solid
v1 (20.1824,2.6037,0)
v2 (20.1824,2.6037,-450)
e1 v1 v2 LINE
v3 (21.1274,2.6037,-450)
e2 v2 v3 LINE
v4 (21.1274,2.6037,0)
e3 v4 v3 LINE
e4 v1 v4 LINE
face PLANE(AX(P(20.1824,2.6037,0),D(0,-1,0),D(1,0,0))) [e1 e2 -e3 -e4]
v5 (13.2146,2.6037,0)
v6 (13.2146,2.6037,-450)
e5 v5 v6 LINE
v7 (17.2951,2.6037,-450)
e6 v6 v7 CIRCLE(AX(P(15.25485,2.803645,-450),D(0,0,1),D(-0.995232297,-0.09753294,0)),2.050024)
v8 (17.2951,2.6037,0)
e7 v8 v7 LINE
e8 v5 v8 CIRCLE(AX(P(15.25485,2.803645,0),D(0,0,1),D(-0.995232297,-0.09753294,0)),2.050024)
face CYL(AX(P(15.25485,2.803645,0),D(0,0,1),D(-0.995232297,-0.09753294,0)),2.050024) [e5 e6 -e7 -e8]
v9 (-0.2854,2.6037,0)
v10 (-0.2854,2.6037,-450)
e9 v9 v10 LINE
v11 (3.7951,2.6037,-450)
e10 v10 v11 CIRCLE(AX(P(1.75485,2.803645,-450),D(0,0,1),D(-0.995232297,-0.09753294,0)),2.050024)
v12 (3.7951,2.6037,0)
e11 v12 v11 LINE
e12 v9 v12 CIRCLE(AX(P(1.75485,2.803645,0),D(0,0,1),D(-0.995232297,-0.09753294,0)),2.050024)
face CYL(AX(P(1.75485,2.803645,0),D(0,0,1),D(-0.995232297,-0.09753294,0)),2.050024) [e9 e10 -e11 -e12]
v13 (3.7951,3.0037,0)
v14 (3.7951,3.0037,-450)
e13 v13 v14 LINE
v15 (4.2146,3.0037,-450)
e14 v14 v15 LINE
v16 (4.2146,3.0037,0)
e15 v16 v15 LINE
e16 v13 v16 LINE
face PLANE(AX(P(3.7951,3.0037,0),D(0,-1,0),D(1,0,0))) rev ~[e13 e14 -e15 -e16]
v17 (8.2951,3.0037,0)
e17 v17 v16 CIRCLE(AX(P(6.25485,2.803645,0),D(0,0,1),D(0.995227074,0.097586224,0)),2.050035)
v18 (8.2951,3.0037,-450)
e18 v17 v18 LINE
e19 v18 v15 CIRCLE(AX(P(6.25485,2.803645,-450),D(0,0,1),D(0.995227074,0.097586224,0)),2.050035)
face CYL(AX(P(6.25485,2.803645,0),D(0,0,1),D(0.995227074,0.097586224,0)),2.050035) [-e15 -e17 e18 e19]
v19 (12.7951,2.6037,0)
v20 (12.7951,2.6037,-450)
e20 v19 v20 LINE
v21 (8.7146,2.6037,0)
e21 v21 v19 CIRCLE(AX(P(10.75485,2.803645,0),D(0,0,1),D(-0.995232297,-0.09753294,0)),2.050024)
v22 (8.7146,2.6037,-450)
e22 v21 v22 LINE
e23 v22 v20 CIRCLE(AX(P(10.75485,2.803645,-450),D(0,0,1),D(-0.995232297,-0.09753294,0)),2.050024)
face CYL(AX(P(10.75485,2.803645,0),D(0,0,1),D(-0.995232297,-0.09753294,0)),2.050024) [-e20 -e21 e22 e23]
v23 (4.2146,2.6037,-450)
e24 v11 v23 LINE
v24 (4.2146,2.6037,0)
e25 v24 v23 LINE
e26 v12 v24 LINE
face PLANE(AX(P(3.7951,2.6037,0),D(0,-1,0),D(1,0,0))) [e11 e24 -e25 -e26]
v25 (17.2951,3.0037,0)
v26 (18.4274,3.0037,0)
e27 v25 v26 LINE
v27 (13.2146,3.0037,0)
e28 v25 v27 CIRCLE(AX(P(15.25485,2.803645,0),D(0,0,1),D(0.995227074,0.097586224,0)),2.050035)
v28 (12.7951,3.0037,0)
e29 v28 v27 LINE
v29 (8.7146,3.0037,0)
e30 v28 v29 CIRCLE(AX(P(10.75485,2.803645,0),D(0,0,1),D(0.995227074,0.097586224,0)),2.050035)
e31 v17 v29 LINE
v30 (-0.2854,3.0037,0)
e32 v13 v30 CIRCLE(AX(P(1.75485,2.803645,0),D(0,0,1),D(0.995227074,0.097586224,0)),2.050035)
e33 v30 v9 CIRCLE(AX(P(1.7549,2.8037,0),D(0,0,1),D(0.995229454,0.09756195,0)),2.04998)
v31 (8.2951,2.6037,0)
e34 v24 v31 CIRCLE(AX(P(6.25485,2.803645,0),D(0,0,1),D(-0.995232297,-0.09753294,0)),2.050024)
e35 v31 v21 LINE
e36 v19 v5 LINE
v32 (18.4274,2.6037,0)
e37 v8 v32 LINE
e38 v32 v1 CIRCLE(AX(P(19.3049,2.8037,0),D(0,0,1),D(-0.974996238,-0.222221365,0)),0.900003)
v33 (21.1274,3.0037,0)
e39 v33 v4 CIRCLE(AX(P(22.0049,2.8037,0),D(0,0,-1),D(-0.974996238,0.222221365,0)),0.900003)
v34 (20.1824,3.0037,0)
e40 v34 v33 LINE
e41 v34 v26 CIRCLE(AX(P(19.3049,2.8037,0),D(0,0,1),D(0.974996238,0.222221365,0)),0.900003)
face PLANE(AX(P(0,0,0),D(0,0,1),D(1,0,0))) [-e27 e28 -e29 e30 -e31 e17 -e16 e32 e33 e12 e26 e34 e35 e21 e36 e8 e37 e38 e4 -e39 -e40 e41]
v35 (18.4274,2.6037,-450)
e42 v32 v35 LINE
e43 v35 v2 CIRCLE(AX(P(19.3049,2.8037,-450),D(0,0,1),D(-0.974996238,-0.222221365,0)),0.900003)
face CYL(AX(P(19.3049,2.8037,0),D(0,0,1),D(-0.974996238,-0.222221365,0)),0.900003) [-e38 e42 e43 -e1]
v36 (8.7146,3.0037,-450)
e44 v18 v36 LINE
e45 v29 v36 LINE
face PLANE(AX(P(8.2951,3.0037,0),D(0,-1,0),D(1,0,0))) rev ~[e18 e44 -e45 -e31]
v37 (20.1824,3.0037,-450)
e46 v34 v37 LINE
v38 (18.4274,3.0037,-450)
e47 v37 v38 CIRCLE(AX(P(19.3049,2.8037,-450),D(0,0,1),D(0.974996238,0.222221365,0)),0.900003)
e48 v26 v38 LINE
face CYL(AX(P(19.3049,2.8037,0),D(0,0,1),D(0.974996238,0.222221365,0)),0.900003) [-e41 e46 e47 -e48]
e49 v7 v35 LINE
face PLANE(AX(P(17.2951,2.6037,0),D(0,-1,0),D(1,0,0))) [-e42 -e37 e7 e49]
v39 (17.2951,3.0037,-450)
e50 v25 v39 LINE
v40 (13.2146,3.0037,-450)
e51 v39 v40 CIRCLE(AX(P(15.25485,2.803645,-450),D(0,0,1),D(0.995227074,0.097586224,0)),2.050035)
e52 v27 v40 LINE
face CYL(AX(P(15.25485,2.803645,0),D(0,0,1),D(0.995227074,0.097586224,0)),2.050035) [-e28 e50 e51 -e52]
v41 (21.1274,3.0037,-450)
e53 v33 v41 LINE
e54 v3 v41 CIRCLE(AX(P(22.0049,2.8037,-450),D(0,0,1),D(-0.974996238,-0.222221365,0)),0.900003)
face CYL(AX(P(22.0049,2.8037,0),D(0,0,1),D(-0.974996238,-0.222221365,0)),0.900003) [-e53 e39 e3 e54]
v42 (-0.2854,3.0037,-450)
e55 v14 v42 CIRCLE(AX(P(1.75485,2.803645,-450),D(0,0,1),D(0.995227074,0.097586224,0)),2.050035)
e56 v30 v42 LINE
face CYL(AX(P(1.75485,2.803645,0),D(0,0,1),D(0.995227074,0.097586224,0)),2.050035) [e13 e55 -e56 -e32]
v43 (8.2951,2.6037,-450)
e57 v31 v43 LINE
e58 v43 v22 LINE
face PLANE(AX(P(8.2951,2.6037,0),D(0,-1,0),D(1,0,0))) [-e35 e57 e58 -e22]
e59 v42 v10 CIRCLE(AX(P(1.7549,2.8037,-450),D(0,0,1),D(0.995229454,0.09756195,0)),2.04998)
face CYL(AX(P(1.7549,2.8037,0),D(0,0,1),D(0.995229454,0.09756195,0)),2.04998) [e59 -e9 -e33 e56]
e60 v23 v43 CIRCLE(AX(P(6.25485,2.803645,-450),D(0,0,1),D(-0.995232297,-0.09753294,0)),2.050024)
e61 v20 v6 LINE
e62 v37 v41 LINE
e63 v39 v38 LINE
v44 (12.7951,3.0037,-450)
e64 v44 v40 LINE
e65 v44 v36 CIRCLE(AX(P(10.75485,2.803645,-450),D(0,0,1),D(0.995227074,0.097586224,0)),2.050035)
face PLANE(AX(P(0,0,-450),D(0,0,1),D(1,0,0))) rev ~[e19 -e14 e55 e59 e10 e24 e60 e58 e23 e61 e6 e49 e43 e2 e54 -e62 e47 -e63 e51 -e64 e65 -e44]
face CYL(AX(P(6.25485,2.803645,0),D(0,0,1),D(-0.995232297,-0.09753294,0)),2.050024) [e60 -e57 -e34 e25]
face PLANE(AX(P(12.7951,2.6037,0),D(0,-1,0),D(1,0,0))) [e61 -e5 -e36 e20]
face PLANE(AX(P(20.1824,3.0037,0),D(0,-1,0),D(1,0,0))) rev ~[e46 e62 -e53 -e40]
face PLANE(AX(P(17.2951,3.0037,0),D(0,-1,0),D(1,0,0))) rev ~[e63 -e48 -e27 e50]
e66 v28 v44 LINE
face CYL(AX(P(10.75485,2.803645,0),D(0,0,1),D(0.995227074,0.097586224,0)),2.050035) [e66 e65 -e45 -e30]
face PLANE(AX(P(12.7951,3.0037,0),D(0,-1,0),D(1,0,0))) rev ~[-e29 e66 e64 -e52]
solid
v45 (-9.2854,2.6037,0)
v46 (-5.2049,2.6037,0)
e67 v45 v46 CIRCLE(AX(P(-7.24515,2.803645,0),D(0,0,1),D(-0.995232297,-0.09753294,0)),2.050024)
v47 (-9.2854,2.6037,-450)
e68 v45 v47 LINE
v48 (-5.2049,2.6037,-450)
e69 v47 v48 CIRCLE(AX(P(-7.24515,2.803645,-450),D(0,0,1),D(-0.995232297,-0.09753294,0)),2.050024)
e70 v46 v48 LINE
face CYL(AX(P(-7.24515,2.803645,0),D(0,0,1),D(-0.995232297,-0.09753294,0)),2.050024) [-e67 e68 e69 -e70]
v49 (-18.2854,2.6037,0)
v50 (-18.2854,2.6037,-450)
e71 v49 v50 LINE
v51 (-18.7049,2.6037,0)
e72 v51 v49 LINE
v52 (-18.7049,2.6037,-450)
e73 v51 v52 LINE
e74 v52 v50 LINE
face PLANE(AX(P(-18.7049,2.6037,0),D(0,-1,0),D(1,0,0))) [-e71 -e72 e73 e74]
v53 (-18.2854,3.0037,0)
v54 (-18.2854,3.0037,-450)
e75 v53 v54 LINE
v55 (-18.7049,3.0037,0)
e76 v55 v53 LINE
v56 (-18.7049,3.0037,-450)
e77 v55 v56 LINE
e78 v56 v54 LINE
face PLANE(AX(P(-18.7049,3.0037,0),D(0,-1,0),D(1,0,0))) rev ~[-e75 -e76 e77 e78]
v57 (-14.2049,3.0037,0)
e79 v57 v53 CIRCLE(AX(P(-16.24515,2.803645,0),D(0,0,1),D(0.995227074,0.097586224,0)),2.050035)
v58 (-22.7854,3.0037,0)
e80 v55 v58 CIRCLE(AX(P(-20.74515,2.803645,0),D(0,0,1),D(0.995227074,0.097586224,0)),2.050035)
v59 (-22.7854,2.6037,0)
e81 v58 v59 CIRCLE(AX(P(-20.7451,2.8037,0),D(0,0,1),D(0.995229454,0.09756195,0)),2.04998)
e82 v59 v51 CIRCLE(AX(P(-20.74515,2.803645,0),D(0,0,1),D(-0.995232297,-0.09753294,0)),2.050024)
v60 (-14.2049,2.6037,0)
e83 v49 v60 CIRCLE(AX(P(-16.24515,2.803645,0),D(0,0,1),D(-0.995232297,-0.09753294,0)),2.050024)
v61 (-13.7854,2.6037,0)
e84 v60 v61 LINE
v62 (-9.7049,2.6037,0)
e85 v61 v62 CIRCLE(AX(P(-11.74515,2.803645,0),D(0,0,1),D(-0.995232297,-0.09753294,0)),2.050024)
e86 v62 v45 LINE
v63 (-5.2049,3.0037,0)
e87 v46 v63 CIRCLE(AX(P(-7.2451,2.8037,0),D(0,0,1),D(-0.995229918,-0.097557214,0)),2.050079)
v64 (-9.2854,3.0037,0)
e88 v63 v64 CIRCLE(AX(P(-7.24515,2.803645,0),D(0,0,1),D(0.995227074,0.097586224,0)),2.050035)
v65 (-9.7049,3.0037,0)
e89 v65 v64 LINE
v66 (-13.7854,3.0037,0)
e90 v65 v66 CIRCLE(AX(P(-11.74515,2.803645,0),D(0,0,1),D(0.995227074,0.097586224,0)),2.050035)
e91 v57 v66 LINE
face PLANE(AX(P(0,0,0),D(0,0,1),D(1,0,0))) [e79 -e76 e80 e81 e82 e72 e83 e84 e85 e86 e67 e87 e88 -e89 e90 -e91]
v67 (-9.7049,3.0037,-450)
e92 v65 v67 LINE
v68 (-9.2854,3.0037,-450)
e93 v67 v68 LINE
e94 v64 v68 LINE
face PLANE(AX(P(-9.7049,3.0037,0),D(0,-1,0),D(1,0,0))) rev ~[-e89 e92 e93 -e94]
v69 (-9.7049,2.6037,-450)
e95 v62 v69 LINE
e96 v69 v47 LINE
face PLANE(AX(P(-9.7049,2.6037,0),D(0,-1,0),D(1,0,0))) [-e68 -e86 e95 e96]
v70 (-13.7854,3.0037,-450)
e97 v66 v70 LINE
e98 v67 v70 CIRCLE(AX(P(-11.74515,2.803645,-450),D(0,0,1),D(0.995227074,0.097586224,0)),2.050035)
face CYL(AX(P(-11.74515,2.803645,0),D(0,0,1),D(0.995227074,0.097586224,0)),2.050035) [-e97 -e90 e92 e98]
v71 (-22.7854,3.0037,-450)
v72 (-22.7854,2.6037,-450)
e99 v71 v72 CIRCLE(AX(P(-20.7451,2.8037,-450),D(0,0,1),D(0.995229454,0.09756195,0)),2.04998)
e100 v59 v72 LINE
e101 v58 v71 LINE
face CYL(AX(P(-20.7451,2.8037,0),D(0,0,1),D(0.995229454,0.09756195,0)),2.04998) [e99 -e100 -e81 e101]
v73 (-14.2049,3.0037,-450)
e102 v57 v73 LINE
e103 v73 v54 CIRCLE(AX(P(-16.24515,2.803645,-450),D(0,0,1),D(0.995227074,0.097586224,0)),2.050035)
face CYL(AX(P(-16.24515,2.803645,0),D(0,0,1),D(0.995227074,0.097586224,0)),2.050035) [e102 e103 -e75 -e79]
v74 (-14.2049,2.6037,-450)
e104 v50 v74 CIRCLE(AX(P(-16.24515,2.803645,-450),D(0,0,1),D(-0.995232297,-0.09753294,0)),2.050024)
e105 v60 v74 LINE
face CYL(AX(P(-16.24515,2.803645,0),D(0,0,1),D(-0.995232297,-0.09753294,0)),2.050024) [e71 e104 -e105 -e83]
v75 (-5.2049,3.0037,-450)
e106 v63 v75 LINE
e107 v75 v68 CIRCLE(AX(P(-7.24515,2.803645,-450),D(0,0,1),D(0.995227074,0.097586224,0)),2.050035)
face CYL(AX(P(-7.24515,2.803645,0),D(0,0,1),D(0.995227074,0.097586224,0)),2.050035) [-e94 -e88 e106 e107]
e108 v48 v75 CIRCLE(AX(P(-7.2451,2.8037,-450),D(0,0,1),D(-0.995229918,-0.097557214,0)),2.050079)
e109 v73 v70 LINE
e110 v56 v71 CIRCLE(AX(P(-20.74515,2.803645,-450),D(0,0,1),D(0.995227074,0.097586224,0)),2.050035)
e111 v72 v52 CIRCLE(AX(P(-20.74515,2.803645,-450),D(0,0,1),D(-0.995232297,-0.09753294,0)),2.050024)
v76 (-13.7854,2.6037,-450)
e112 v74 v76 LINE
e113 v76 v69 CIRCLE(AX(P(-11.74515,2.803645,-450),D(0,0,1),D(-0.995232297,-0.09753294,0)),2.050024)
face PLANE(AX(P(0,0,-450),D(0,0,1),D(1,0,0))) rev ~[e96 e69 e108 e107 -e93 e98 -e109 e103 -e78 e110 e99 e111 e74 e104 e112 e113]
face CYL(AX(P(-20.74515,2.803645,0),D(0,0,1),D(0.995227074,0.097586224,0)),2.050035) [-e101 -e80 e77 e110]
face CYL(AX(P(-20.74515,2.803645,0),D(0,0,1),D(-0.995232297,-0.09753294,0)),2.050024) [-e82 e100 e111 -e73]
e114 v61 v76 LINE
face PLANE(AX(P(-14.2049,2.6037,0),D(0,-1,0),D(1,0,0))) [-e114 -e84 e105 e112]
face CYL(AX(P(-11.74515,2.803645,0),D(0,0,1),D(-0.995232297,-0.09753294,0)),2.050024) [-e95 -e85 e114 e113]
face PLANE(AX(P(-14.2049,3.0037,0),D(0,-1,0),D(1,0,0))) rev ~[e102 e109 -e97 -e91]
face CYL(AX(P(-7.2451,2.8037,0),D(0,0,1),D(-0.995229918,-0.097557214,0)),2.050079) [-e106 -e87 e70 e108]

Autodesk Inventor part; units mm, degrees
ref_plane "YZ Plane" through (0, 0, 0) normal (1, 0, 0) x (0, 1, 0)
ref_plane "XZ Plane" through (0, 0, 0) normal (0, 1, 0) x (-1, 0, 0)
sketch "Sketch1" plane through (0, 0, 0) normal (0, 0, 1) x (1, 0, 0)
  line L0 (34.8824, 2.8037) -> (34.8824, -2.1963) projected
  line L1 (28.8824, 2.8037) -> (34.8824, 2.8037) projected
  line L2 (28.8824, 2.6037) -> (28.8824, 2.8037) projected
  line L3 (22.8824, 2.6037) -> (28.8824, 2.6037) projected
  arc A0 (21.1274, 2.6037) -> (22.8824, 2.6037) centre (22.0049, 2.8037) ccw projected
  line L4 (20.1824, 2.6037) -> (21.1274, 2.6037) projected
  arc A1 (18.4274, 2.6037) -> (20.1824, 2.6037) centre (19.3049, 2.8037) ccw projected
  line L5 (17.2951, 2.6037) -> (18.4274, 2.6037) projected
  arc A2 (13.2146, 2.6037) -> (17.2951, 2.6037) centre (15.2549, 2.8037) ccw projected
  line L6 (12.7951, 2.6037) -> (13.2146, 2.6037) projected
  arc A3 (8.7146, 2.6037) -> (12.7951, 2.6037) centre (10.7549, 2.8037) ccw projected
  line L7 (8.2951, 2.6037) -> (8.7146, 2.6037) projected
  arc A4 (4.2146, 2.6037) -> (8.2951, 2.6037) centre (6.2549, 2.8037) ccw projected
  line L8 (3.7951, 2.6037) -> (4.2146, 2.6037) projected
  arc A5 (-0.2854, 2.6037) -> (3.7951, 2.6037) centre (1.7549, 2.8037) ccw projected
  line L9 (-5.2049, 2.6037) -> (-0.2854, 2.6037) projected
  arc A6 (-9.2854, 2.6037) -> (-5.2049, 2.6037) centre (-7.2451, 2.8037) ccw projected
  line L10 (-9.7049, 2.6037) -> (-9.2854, 2.6037) projected
  arc A7 (-13.7854, 2.6037) -> (-9.7049, 2.6037) centre (-11.7451, 2.8037) ccw projected
  line L11 (-14.2049, 2.6037) -> (-13.7854, 2.6037) projected
  arc A8 (-18.2854, 2.6037) -> (-14.2049, 2.6037) centre (-16.2451, 2.8037) ccw projected
  line L12 (-18.7049, 2.6037) -> (-18.2854, 2.6037) projected
  arc A9 (-22.7854, 2.6037) -> (-18.7049, 2.6037) centre (-20.7451, 2.8037) ccw projected
  line L13 (-28.7854, 2.6037) -> (-22.7854, 2.6037) projected
  line L14 (-28.7854, 2.8037) -> (-28.7854, 2.6037) projected
  line L15 (-34.7854, 2.8037) -> (-28.7854, 2.8037) projected
  line L16 (-34.7854, -2.1963) -> (-34.7854, 2.8037) projected
  line L17 (34.8824, -2.1963) -> (-34.7854, -2.1963) projected
  line L18 (34.8824, 2.8037) -> (34.8824, 7.8037) projected
  line L19 (34.8824, 7.8037) -> (-34.7854, 7.8037) projected
  line L20 (-34.7854, 7.8037) -> (-34.7854, 2.8037) projected
  line L21 (-34.7854, 2.8037) -> (-28.7854, 2.8037) projected
  line L22 (-28.7854, 2.8037) -> (-28.7854, 3.0037) projected
  line L23 (-28.7854, 3.0037) -> (-22.7854, 3.0037) projected
  arc A10 (-18.7049, 3.0037) -> (-22.7854, 3.0037) centre (-20.7451, 2.8037) ccw projected
  line L24 (-18.7049, 3.0037) -> (-18.2854, 3.0037) projected
  arc A11 (-14.2049, 3.0037) -> (-18.2854, 3.0037) centre (-16.2451, 2.8037) ccw projected
  line L25 (-14.2049, 3.0037) -> (-13.7854, 3.0037) projected
  arc A12 (-9.7049, 3.0037) -> (-13.7854, 3.0037) centre (-11.7451, 2.8037) ccw projected
  line L26 (-9.7049, 3.0037) -> (-9.2854, 3.0037) projected
  arc A13 (-5.2049, 3.0037) -> (-9.2854, 3.0037) centre (-7.2451, 2.8037) ccw projected
  line L27 (-5.2049, 3.0037) -> (-0.2854, 3.0037) projected
  arc A14 (3.7951, 3.0037) -> (-0.2854, 3.0037) centre (1.7549, 2.8037) ccw projected
  line L28 (3.7951, 3.0037) -> (4.2146, 3.0037) projected
  arc A15 (8.2951, 3.0037) -> (4.2146, 3.0037) centre (6.2549, 2.8037) ccw projected
  line L29 (8.2951, 3.0037) -> (8.7146, 3.0037) projected
  arc A16 (12.7951, 3.0037) -> (8.7146, 3.0037) centre (10.7549, 2.8037) ccw projected
  line L30 (12.7951, 3.0037) -> (13.2146, 3.0037) projected
  arc A17 (17.2951, 3.0037) -> (13.2146, 3.0037) centre (15.2549, 2.8037) ccw projected
  line L31 (17.2951, 3.0037) -> (18.4274, 3.0037) projected
  arc A18 (20.1824, 3.0037) -> (18.4274, 3.0037) centre (19.3049, 2.8037) ccw projected
  line L32 (20.1824, 3.0037) -> (21.1274, 3.0037) projected
  arc A19 (22.8824, 3.0037) -> (21.1274, 3.0037) centre (22.0049, 2.8037) ccw projected
  line L33 (22.8824, 3.0037) -> (28.8824, 3.0037) projected
  line L34 (28.8824, 3.0037) -> (28.8824, 2.8037) projected
  line L35 (28.8824, 2.8037) -> (34.8824, 2.8037) projected
  arc A20 (21.1274, 2.6037) -> (21.1274, 3.0037) centre (22.0049, 2.8037) ccw
  arc A21 (-18.7049, 3.0037) -> (-18.7049, 2.6037) centre (-20.7451, 2.8037) ccw
  arc A22 (3.7951, 3.0037) -> (3.7951, 2.6037) centre (1.7549, 2.8037) ccw
  arc A23 (-9.2854, 2.6037) -> (-9.2854, 3.0037) centre (-7.2451, 2.8037) ccw
  point P0 (0, 0)
ref_plane "Work Plane1" through (-34.7854, -2.1963, -450) normal (0, 0, -1) x (0, 1, 0)
extrude "Extrusion1" add sketch "Sketch1" against normal up to surface (450 mm away) contours A0 L4 A1 L5 A2 L6 A3 L7 A4 L8 A5 A22 A14 L28 A15 L29 A16 L30 A17 L31 A18 L32 A19 A20 | A21 A10 L24 A11 L25 A12 L26 A13 A23 A6 L10 A7 L11 A8 L12 A9
properties part number "3d_LM - Bottom Wire - Phantom"
